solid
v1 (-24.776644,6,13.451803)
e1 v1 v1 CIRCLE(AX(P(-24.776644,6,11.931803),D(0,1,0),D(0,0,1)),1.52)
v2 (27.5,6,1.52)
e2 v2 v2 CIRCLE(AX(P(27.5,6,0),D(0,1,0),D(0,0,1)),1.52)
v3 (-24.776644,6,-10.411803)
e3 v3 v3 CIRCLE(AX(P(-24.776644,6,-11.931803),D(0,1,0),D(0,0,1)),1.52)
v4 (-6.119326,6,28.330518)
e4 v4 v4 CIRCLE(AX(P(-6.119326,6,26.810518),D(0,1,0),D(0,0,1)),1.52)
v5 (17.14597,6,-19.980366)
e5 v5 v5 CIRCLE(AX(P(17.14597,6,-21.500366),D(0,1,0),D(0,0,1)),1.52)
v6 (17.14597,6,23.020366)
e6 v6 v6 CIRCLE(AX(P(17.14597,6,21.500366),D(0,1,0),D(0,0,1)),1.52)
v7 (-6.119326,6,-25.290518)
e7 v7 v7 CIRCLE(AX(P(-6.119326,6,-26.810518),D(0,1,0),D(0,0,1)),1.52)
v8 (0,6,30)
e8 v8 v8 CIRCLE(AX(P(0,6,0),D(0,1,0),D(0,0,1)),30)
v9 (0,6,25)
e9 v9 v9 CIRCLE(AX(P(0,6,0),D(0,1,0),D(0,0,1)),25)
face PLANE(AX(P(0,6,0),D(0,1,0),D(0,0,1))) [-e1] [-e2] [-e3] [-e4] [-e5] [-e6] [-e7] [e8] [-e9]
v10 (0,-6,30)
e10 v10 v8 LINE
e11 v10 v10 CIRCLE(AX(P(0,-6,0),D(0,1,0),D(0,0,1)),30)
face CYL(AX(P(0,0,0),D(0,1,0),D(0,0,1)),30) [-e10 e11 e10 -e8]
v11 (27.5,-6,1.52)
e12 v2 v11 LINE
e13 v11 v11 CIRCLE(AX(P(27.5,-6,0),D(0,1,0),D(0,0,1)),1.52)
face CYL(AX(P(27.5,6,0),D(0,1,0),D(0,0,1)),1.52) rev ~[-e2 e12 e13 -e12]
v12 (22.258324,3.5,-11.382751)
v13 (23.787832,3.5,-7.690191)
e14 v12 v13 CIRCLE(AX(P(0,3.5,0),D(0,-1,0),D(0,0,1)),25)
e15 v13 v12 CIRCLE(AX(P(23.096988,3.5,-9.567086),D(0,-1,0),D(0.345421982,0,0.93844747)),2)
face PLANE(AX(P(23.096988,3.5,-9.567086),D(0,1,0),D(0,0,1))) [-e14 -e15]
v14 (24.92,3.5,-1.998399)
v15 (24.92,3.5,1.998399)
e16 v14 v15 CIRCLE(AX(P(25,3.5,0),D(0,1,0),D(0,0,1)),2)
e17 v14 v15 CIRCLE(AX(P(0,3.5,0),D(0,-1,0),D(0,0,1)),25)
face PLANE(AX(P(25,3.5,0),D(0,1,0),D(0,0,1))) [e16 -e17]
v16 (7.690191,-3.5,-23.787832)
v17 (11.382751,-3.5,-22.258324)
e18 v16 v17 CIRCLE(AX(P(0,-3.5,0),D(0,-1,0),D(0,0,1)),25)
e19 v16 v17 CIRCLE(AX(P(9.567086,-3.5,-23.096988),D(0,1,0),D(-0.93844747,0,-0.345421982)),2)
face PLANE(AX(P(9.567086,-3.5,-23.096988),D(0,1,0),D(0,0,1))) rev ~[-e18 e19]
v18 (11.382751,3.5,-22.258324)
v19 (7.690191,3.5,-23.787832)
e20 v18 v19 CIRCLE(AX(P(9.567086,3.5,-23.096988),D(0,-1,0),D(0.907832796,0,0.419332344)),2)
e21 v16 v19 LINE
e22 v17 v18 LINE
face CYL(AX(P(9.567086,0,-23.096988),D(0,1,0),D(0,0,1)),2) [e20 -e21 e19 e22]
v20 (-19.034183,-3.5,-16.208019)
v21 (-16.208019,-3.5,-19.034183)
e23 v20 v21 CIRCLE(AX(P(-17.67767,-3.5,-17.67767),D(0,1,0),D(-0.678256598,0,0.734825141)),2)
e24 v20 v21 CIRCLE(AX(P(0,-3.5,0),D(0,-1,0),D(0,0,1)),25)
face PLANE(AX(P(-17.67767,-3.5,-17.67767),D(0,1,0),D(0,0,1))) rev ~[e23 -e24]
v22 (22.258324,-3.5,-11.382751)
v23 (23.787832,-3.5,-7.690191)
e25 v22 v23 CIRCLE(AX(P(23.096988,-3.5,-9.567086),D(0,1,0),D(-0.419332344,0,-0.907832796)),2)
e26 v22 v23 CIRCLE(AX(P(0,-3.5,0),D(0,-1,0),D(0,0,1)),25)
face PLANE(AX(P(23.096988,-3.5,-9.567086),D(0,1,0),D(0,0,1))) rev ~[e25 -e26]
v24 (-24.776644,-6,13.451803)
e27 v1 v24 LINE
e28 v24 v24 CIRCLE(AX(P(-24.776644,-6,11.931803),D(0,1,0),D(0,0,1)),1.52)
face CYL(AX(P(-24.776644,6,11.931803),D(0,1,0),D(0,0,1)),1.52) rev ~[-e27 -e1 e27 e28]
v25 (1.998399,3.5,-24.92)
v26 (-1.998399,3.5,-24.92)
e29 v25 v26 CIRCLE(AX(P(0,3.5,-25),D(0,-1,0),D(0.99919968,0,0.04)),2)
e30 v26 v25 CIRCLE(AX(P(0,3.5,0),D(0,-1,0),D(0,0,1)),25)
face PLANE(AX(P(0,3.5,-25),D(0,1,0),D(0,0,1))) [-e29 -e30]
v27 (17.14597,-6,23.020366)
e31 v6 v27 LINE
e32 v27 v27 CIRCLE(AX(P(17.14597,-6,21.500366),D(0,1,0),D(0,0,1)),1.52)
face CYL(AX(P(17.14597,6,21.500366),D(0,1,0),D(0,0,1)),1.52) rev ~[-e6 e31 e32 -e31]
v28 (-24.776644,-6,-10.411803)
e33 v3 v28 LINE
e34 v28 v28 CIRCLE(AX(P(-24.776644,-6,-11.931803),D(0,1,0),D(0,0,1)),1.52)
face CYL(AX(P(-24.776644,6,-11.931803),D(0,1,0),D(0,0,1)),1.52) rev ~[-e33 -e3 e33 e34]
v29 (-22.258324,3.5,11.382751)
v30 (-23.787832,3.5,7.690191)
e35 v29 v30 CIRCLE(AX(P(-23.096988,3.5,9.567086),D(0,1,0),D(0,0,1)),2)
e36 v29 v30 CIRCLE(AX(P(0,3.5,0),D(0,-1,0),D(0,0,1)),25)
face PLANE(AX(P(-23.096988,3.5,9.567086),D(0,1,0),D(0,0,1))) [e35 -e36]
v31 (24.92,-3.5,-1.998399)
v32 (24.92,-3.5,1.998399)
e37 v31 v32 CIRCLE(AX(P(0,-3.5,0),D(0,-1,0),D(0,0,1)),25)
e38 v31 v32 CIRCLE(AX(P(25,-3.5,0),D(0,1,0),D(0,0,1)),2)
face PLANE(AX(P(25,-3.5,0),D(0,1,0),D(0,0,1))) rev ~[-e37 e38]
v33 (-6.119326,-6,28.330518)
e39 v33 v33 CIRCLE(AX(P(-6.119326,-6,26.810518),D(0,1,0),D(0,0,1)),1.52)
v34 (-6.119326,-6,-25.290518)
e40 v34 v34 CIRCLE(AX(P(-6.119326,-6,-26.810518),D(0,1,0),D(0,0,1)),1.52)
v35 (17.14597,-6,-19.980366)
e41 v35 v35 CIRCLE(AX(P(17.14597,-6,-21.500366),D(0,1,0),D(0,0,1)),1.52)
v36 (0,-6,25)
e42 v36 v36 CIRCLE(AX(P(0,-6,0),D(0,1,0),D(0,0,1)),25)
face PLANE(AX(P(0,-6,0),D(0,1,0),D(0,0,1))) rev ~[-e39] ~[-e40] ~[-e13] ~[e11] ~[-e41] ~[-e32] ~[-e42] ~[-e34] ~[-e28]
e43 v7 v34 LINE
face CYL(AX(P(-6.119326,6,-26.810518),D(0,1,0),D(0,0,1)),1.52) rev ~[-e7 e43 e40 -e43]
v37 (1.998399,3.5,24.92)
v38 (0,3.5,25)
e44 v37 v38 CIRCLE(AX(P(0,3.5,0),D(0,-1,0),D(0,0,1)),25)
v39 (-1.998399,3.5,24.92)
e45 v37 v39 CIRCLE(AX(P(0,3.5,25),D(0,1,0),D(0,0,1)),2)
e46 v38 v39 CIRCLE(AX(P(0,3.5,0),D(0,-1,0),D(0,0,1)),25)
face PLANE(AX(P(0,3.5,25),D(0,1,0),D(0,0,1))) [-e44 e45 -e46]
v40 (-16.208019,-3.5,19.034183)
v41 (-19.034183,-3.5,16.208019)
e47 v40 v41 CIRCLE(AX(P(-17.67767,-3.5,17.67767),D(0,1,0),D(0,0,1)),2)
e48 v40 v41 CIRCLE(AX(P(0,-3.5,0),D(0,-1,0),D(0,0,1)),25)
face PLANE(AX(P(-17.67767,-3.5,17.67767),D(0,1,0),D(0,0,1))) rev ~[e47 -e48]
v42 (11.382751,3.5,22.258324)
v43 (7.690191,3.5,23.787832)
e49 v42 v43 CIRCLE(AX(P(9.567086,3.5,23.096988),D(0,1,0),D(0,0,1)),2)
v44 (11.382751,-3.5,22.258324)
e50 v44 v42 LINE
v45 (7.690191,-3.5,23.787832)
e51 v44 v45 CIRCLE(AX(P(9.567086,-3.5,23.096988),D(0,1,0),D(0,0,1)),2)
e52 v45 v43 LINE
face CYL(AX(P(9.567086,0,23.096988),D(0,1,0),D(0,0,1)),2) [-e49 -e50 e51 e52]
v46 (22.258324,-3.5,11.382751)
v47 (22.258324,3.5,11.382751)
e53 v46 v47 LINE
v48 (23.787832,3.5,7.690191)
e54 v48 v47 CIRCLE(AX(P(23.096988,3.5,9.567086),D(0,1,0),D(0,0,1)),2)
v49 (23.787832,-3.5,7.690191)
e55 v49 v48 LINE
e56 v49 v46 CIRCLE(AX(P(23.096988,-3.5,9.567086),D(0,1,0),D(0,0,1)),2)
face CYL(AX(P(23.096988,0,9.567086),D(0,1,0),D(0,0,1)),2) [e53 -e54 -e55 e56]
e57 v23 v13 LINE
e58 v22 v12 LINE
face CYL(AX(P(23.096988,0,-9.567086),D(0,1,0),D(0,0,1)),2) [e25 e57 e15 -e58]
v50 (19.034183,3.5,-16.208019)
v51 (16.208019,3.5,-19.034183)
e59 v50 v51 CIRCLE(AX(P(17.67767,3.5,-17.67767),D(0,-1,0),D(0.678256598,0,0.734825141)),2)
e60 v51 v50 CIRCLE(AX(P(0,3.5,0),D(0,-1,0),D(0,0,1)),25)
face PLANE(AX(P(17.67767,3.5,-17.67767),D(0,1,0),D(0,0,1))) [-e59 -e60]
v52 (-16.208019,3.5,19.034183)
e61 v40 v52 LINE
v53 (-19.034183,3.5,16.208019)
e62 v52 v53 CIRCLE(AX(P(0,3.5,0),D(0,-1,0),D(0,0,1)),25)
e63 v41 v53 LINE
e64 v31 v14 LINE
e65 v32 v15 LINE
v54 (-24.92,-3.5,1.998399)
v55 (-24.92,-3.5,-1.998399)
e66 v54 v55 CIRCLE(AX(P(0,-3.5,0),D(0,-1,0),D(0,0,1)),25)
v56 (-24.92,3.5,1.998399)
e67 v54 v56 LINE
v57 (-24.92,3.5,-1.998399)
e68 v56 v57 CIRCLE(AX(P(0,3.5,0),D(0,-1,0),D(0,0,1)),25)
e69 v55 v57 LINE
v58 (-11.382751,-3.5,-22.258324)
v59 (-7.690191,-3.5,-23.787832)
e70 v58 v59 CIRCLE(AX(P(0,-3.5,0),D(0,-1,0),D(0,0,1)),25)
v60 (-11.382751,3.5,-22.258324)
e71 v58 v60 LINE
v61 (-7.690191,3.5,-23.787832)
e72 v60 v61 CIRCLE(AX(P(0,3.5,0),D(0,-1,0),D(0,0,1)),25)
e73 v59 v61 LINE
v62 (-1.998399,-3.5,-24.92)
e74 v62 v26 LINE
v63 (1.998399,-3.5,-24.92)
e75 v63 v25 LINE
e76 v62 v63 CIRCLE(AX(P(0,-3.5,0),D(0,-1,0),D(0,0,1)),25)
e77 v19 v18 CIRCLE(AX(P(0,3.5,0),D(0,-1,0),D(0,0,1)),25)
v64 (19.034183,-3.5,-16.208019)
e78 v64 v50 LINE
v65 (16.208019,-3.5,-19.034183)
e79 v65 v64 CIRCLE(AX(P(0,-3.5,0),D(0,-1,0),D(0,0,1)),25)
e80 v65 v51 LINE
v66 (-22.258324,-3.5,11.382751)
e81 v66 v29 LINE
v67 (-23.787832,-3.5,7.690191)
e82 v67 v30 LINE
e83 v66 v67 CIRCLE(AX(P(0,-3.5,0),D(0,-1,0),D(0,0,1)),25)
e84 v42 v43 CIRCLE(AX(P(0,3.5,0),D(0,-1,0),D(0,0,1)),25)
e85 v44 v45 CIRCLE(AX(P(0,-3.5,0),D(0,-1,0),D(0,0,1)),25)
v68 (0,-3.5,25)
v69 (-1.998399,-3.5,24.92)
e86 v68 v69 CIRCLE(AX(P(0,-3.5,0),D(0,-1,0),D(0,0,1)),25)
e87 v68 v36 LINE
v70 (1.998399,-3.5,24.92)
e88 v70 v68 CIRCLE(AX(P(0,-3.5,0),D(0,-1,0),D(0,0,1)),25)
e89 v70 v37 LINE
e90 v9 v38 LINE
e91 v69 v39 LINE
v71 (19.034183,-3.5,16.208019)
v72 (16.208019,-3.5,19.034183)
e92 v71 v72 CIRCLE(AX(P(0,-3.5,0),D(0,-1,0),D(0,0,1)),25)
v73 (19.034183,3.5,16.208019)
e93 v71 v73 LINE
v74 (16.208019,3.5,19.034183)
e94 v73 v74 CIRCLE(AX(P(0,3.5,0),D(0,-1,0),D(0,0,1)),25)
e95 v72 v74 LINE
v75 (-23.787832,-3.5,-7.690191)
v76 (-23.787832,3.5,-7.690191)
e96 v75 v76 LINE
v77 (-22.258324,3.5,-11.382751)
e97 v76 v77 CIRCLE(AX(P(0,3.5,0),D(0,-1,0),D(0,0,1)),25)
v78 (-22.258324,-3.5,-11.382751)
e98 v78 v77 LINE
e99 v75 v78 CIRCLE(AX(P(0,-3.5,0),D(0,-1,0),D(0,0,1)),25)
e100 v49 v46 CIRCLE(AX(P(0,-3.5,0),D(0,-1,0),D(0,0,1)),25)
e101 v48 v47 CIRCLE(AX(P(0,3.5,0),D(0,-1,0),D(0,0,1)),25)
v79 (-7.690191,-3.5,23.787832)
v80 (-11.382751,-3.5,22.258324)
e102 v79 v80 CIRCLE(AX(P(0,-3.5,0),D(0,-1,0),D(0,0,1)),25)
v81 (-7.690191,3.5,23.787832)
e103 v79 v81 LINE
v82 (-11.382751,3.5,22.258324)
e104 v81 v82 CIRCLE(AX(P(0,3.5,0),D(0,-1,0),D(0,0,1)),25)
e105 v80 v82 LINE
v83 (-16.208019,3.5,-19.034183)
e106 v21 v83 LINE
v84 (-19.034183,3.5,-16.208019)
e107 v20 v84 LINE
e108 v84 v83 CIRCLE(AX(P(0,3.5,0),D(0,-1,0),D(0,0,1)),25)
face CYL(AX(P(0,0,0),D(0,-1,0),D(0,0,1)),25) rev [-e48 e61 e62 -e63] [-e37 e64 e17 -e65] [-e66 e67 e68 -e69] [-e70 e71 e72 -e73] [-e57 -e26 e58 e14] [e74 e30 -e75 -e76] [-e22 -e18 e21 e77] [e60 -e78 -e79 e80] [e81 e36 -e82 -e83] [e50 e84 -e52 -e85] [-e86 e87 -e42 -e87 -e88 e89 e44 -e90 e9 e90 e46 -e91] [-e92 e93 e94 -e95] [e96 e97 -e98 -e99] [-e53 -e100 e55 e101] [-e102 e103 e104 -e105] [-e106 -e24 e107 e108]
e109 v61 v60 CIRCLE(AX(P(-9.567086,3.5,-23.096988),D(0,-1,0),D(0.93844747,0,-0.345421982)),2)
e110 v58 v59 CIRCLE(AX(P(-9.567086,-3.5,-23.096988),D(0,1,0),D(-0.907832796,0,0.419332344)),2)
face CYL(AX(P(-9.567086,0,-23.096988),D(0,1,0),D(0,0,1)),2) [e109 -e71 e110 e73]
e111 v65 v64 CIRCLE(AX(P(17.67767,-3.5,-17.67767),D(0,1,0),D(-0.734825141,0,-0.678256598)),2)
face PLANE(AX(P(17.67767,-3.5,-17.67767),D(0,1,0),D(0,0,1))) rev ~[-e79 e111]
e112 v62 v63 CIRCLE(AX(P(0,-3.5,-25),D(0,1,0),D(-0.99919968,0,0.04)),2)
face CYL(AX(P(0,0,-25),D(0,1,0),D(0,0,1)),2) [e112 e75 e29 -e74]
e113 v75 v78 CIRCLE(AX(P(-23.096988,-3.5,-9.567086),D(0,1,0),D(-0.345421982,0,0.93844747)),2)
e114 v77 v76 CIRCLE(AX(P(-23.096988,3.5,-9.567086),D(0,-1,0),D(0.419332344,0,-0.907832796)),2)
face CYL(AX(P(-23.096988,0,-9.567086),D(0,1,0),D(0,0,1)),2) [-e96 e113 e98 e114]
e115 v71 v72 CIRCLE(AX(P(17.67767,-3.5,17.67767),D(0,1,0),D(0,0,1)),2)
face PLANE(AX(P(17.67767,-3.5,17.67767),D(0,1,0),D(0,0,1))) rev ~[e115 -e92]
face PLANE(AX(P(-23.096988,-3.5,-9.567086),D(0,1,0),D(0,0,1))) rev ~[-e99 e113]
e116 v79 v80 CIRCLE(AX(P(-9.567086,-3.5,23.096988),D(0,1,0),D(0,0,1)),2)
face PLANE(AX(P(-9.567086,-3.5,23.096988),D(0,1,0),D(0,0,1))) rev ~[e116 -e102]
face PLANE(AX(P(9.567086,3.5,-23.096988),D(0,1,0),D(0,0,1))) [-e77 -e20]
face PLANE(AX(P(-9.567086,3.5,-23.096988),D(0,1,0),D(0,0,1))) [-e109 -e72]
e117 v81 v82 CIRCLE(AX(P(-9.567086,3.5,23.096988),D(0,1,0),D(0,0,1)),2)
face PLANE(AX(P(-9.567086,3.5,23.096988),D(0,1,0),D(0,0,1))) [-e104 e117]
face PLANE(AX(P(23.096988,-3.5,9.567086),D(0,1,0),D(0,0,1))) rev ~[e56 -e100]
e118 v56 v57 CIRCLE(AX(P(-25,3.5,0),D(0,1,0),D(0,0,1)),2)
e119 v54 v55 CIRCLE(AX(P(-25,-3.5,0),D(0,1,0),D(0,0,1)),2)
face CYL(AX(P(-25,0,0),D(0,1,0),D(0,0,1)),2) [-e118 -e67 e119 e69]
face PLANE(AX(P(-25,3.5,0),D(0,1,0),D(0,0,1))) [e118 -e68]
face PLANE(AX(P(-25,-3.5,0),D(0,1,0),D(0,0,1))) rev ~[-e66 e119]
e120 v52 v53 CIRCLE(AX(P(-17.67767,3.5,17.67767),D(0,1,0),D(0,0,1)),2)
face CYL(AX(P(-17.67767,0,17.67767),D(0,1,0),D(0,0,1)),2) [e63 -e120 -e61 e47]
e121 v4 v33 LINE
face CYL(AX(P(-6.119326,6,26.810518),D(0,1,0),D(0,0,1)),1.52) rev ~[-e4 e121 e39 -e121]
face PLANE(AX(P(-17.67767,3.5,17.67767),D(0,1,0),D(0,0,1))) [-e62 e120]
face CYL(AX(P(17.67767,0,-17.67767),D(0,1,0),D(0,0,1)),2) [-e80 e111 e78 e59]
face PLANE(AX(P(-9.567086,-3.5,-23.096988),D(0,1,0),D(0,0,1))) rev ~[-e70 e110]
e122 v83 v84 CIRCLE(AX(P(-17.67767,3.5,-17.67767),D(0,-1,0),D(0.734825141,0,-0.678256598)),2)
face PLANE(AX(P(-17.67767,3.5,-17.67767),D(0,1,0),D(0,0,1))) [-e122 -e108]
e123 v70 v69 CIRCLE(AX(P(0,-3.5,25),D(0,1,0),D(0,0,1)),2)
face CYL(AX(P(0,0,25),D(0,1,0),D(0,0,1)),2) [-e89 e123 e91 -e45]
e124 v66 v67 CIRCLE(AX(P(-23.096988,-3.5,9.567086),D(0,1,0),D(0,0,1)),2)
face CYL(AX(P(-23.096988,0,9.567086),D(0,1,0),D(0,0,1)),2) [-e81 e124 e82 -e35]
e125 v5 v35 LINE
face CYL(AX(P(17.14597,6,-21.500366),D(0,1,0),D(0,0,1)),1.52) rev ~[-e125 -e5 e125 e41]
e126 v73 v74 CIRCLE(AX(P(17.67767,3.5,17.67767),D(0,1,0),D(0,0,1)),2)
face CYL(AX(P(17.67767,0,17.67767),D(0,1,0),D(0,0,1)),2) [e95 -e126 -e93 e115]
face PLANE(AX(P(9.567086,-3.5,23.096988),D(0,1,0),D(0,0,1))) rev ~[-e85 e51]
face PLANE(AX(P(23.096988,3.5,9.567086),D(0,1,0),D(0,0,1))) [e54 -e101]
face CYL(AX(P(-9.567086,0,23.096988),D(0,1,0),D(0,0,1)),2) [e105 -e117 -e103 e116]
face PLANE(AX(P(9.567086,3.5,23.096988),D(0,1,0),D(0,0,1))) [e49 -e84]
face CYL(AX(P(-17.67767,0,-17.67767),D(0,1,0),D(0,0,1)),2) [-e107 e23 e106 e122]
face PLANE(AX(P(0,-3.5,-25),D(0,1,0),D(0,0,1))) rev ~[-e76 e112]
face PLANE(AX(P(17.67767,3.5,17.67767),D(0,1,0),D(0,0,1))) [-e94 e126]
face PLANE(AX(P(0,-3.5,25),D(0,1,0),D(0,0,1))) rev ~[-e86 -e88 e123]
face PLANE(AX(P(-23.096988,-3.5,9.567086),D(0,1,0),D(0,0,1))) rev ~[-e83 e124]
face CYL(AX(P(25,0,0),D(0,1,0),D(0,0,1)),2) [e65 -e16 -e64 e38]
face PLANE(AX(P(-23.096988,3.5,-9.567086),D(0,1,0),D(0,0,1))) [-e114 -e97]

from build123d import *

# Parameters (mm, degrees)
CROQUIS1_R                 = 2
SALIENTE_EXTRUIR1_DEPTH    = 3.5
SALIENTE_EXTRUIR1_2_DEPTH  = 3.5
SALIENTE_EXTRUIR1_3_DEPTH  = 3.5
SALIENTE_EXTRUIR1_4_DEPTH  = 3.5
SALIENTE_EXTRUIR1_5_DEPTH  = 3.5
SALIENTE_EXTRUIR1_6_DEPTH  = 3.5
SALIENTE_EXTRUIR1_7_DEPTH  = 3.5
SALIENTE_EXTRUIR1_8_DEPTH  = 3.5
SALIENTE_EXTRUIR1_9_DEPTH  = 3.5
SALIENTE_EXTRUIR1_10_DEPTH = 3.5
SALIENTE_EXTRUIR1_11_DEPTH = 3.5
SALIENTE_EXTRUIR1_12_DEPTH = 3.5
SALIENTE_EXTRUIR1_13_DEPTH = 3.5
SALIENTE_EXTRUIR1_14_DEPTH = 3.5
SALIENTE_EXTRUIR1_15_DEPTH = 3.5
SALIENTE_EXTRUIR1_16_DEPTH = 3.5
CROQUIS3_R                 = 30
CROQUIS3_R_2               = 25
SALIENTE_EXTRUIR2_DEPTH    = 6
CROQUIS4_R                 = 1.52
CORTAR_EXTRUIR1_DEPTH      = 45.09081537


with BuildPart() as part:
    # Croquis1 → Saliente-Extruir1 (new, symmetric)
    with BuildSketch(Plane(origin=(0, 0, 0), x_dir=(1, 0, 0), z_dir=(0, 1, 0))):
        with Locations(Location((25, 0, 0), (0, 0, 270))):
            Circle(CROQUIS1_R)
    extrude(amount=SALIENTE_EXTRUIR1_DEPTH, both=True)



with BuildPart() as body_2:
    # Croquis1 → Saliente-Extruir1 2 (new, symmetric)
    with BuildSketch(Plane(origin=(0, 0, 0), x_dir=(1, 0, 0), z_dir=(0, 1, 0))):
        with Locations(Location((23.096988313, -9.567085809, 0), (0, 0, 270))):
            Circle(CROQUIS1_R)
    extrude(amount=SALIENTE_EXTRUIR1_2_DEPTH, both=True)


with BuildPart() as body_3:
    # Croquis1 → Saliente-Extruir1 3 (new, symmetric)
    with BuildSketch(Plane(origin=(0, 0, 0), x_dir=(1, 0, 0), z_dir=(0, 1, 0))):
        with Locations(Location((17.67766953, -17.67766953, 0), (0, 0, 270))):
            Circle(CROQUIS1_R)
    extrude(amount=SALIENTE_EXTRUIR1_3_DEPTH, both=True)


with BuildPart() as body_4:
    # Croquis1 → Saliente-Extruir1 4 (new, symmetric)
    with BuildSketch(Plane(origin=(0, 0, 0), x_dir=(1, 0, 0), z_dir=(0, 1, 0))):
        with Locations(Location((9.567085809, -23.096988313, 0), (0, 0, 270))):
            Circle(CROQUIS1_R)
    extrude(amount=SALIENTE_EXTRUIR1_4_DEPTH, both=True)


with BuildPart() as body_5:
    # Croquis1 → Saliente-Extruir1 5 (new, symmetric)
    with BuildSketch(Plane(origin=(0, 0, 0), x_dir=(1, 0, 0), z_dir=(0, 1, 0))):
        with Locations(Location((0, -25, 0), (0, 0, 270))):
            Circle(CROQUIS1_R)
    extrude(amount=SALIENTE_EXTRUIR1_5_DEPTH, both=True)


with BuildPart() as body_6:
    # Croquis1 → Saliente-Extruir1 6 (new, symmetric)
    with BuildSketch(Plane(origin=(0, 0, 0), x_dir=(1, 0, 0), z_dir=(0, 1, 0))):
        with Locations(Location((-9.567085809, -23.096988313, 0), (0, 0, 270))):
            Circle(CROQUIS1_R)
    extrude(amount=SALIENTE_EXTRUIR1_6_DEPTH, both=True)


with BuildPart() as body_7:
    # Croquis1 → Saliente-Extruir1 7 (new, symmetric)
    with BuildSketch(Plane(origin=(0, 0, 0), x_dir=(1, 0, 0), z_dir=(0, 1, 0))):
        with Locations(Location((-17.67766953, -17.67766953, 0), (0, 0, 270))):
            Circle(CROQUIS1_R)
    extrude(amount=SALIENTE_EXTRUIR1_7_DEPTH, both=True)


with BuildPart() as body_8:
    # Croquis1 → Saliente-Extruir1 8 (new, symmetric)
    with BuildSketch(Plane(origin=(0, 0, 0), x_dir=(1, 0, 0), z_dir=(0, 1, 0))):
        with Locations(Location((-23.096988313, -9.567085809, 0), (0, 0, 270))):
            Circle(CROQUIS1_R)
    extrude(amount=SALIENTE_EXTRUIR1_8_DEPTH, both=True)


with BuildPart() as body_9:
    # Croquis1 → Saliente-Extruir1 9 (new, symmetric)
    with BuildSketch(Plane(origin=(0, 0, 0), x_dir=(1, 0, 0), z_dir=(0, 1, 0))):
        with Locations(Location((-25, 0, 0), (0, 0, 270))):
            Circle(CROQUIS1_R)
    extrude(amount=SALIENTE_EXTRUIR1_9_DEPTH, both=True)


with BuildPart() as body_10:
    # Croquis1 → Saliente-Extruir1 10 (new, symmetric)
    with BuildSketch(Plane(origin=(0, 0, 0), x_dir=(1, 0, 0), z_dir=(0, 1, 0))):
        with Locations(Location((-23.096988313, 9.567085809, 0), (0, 0, 270))):
            Circle(CROQUIS1_R)
    extrude(amount=SALIENTE_EXTRUIR1_10_DEPTH, both=True)


with BuildPart() as body_11:
    # Croquis1 → Saliente-Extruir1 11 (new, symmetric)
    with BuildSketch(Plane(origin=(0, 0, 0), x_dir=(1, 0, 0), z_dir=(0, 1, 0))):
        with Locations(Location((-17.67766953, 17.67766953, 0), (0, 0, 270))):
            Circle(CROQUIS1_R)
    extrude(amount=SALIENTE_EXTRUIR1_11_DEPTH, both=True)


with BuildPart() as body_12:
    # Croquis1 → Saliente-Extruir1 12 (new, symmetric)
    with BuildSketch(Plane(origin=(0, 0, 0), x_dir=(1, 0, 0), z_dir=(0, 1, 0))):
        with Locations(Location((-9.567085809, 23.096988313, 0), (0, 0, 270))):
            Circle(CROQUIS1_R)
    extrude(amount=SALIENTE_EXTRUIR1_12_DEPTH, both=True)


with BuildPart() as body_13:
    # Croquis1 → Saliente-Extruir1 13 (new, symmetric)
    with BuildSketch(Plane(origin=(0, 0, 0), x_dir=(1, 0, 0), z_dir=(0, 1, 0))):
        with Locations(Location((0, 25, 0), (0, 0, 270))):
            Circle(CROQUIS1_R)
    extrude(amount=SALIENTE_EXTRUIR1_13_DEPTH, both=True)


with BuildPart() as body_14:
    # Croquis1 → Saliente-Extruir1 14 (new, symmetric)
    with BuildSketch(Plane(origin=(0, 0, 0), x_dir=(1, 0, 0), z_dir=(0, 1, 0))):
        with Locations(Location((9.567085809, 23.096988313, 0), (0, 0, 270))):
            Circle(CROQUIS1_R)
    extrude(amount=SALIENTE_EXTRUIR1_14_DEPTH, both=True)


with BuildPart() as body_15:
    # Croquis1 → Saliente-Extruir1 15 (new, symmetric)
    with BuildSketch(Plane(origin=(0, 0, 0), x_dir=(1, 0, 0), z_dir=(0, 1, 0))):
        with Locations(Location((17.67766953, 17.67766953, 0), (0, 0, 270))):
            Circle(CROQUIS1_R)
    extrude(amount=SALIENTE_EXTRUIR1_15_DEPTH, both=True)


with BuildPart() as body_16:
    # Croquis1 → Saliente-Extruir1 16 (new, symmetric)
    with BuildSketch(Plane(origin=(0, 0, 0), x_dir=(1, 0, 0), z_dir=(0, 1, 0))):
        with Locations(Location((23.096988313, 9.567085809, 0), (0, 0, 270))):
            Circle(CROQUIS1_R)
    extrude(amount=SALIENTE_EXTRUIR1_16_DEPTH, both=True)


with BuildPart() as part_1:
    add(part.part)

    add(body_2.part)  # Saliente-Extruir2 merges body 2

    add(body_3.part)  # Saliente-Extruir2 merges body 3

    add(body_4.part)  # Saliente-Extruir2 merges body 4

    add(body_5.part)  # Saliente-Extruir2 merges body 5

    add(body_6.part)  # Saliente-Extruir2 merges body 6

    add(body_7.part)  # Saliente-Extruir2 merges body 7

    add(body_8.part)  # Saliente-Extruir2 merges body 8

    add(body_9.part)  # Saliente-Extruir2 merges body 9

    add(body_10.part)  # Saliente-Extruir2 merges body 10

    add(body_11.part)  # Saliente-Extruir2 merges body 11

    add(body_12.part)  # Saliente-Extruir2 merges body 12

    add(body_13.part)  # Saliente-Extruir2 merges body 13

    add(body_14.part)  # Saliente-Extruir2 merges body 14

    add(body_15.part)  # Saliente-Extruir2 merges body 15

    add(body_16.part)  # Saliente-Extruir2 merges body 16
    # Croquis3 → Saliente-Extruir2 (add, symmetric)
    with BuildSketch(Plane(origin=(0, 0, 0), x_dir=(1, 0, 0), z_dir=(0, 1, 0))):
        with Locations(Location((0, 0, 0), (0, 0, 270))):
            Circle(CROQUIS3_R)
        with Locations(Location((0, 0, 0), (0, 0, 270))):
            Circle(CROQUIS3_R_2, mode=Mode.SUBTRACT)
    extrude(amount=SALIENTE_EXTRUIR2_DEPTH, both=True)

    # Croquis4 → Cortar-Extruir1 (cut, through all)
    with BuildSketch(Plane(origin=(0, 6, 0), x_dir=(1, 0, 0), z_dir=(0, 1, 0))):
        with Locations(Location((27.5, 0, 0), (0, 0, 270))):
            Circle(CROQUIS4_R)
        with Locations(Location((17.145969551, -21.500365768, 0), (0, 0, 270))):
            Circle(CROQUIS4_R)
        with Locations(Location((-6.119325684, -26.810517585, 0), (0, 0, 270))):
            Circle(CROQUIS4_R)
        with Locations(Location((-24.776643867, -11.931802826, 0), (0, 0, 270))):
            Circle(CROQUIS4_R)
        with Locations(Location((-24.776643867, 11.931802826, 0), (0, 0, 270))):
            Circle(CROQUIS4_R)
        with Locations(Location((-6.119325684, 26.810517585, 0), (0, 0, 270))):
            Circle(CROQUIS4_R)
        with Locations(Location((17.145969551, 21.500365768, 0), (0, 0, 270))):
            Circle(CROQUIS4_R)
    extrude(amount=-CORTAR_EXTRUIR1_DEPTH, mode=Mode.SUBTRACT)


solid = part_1.part
